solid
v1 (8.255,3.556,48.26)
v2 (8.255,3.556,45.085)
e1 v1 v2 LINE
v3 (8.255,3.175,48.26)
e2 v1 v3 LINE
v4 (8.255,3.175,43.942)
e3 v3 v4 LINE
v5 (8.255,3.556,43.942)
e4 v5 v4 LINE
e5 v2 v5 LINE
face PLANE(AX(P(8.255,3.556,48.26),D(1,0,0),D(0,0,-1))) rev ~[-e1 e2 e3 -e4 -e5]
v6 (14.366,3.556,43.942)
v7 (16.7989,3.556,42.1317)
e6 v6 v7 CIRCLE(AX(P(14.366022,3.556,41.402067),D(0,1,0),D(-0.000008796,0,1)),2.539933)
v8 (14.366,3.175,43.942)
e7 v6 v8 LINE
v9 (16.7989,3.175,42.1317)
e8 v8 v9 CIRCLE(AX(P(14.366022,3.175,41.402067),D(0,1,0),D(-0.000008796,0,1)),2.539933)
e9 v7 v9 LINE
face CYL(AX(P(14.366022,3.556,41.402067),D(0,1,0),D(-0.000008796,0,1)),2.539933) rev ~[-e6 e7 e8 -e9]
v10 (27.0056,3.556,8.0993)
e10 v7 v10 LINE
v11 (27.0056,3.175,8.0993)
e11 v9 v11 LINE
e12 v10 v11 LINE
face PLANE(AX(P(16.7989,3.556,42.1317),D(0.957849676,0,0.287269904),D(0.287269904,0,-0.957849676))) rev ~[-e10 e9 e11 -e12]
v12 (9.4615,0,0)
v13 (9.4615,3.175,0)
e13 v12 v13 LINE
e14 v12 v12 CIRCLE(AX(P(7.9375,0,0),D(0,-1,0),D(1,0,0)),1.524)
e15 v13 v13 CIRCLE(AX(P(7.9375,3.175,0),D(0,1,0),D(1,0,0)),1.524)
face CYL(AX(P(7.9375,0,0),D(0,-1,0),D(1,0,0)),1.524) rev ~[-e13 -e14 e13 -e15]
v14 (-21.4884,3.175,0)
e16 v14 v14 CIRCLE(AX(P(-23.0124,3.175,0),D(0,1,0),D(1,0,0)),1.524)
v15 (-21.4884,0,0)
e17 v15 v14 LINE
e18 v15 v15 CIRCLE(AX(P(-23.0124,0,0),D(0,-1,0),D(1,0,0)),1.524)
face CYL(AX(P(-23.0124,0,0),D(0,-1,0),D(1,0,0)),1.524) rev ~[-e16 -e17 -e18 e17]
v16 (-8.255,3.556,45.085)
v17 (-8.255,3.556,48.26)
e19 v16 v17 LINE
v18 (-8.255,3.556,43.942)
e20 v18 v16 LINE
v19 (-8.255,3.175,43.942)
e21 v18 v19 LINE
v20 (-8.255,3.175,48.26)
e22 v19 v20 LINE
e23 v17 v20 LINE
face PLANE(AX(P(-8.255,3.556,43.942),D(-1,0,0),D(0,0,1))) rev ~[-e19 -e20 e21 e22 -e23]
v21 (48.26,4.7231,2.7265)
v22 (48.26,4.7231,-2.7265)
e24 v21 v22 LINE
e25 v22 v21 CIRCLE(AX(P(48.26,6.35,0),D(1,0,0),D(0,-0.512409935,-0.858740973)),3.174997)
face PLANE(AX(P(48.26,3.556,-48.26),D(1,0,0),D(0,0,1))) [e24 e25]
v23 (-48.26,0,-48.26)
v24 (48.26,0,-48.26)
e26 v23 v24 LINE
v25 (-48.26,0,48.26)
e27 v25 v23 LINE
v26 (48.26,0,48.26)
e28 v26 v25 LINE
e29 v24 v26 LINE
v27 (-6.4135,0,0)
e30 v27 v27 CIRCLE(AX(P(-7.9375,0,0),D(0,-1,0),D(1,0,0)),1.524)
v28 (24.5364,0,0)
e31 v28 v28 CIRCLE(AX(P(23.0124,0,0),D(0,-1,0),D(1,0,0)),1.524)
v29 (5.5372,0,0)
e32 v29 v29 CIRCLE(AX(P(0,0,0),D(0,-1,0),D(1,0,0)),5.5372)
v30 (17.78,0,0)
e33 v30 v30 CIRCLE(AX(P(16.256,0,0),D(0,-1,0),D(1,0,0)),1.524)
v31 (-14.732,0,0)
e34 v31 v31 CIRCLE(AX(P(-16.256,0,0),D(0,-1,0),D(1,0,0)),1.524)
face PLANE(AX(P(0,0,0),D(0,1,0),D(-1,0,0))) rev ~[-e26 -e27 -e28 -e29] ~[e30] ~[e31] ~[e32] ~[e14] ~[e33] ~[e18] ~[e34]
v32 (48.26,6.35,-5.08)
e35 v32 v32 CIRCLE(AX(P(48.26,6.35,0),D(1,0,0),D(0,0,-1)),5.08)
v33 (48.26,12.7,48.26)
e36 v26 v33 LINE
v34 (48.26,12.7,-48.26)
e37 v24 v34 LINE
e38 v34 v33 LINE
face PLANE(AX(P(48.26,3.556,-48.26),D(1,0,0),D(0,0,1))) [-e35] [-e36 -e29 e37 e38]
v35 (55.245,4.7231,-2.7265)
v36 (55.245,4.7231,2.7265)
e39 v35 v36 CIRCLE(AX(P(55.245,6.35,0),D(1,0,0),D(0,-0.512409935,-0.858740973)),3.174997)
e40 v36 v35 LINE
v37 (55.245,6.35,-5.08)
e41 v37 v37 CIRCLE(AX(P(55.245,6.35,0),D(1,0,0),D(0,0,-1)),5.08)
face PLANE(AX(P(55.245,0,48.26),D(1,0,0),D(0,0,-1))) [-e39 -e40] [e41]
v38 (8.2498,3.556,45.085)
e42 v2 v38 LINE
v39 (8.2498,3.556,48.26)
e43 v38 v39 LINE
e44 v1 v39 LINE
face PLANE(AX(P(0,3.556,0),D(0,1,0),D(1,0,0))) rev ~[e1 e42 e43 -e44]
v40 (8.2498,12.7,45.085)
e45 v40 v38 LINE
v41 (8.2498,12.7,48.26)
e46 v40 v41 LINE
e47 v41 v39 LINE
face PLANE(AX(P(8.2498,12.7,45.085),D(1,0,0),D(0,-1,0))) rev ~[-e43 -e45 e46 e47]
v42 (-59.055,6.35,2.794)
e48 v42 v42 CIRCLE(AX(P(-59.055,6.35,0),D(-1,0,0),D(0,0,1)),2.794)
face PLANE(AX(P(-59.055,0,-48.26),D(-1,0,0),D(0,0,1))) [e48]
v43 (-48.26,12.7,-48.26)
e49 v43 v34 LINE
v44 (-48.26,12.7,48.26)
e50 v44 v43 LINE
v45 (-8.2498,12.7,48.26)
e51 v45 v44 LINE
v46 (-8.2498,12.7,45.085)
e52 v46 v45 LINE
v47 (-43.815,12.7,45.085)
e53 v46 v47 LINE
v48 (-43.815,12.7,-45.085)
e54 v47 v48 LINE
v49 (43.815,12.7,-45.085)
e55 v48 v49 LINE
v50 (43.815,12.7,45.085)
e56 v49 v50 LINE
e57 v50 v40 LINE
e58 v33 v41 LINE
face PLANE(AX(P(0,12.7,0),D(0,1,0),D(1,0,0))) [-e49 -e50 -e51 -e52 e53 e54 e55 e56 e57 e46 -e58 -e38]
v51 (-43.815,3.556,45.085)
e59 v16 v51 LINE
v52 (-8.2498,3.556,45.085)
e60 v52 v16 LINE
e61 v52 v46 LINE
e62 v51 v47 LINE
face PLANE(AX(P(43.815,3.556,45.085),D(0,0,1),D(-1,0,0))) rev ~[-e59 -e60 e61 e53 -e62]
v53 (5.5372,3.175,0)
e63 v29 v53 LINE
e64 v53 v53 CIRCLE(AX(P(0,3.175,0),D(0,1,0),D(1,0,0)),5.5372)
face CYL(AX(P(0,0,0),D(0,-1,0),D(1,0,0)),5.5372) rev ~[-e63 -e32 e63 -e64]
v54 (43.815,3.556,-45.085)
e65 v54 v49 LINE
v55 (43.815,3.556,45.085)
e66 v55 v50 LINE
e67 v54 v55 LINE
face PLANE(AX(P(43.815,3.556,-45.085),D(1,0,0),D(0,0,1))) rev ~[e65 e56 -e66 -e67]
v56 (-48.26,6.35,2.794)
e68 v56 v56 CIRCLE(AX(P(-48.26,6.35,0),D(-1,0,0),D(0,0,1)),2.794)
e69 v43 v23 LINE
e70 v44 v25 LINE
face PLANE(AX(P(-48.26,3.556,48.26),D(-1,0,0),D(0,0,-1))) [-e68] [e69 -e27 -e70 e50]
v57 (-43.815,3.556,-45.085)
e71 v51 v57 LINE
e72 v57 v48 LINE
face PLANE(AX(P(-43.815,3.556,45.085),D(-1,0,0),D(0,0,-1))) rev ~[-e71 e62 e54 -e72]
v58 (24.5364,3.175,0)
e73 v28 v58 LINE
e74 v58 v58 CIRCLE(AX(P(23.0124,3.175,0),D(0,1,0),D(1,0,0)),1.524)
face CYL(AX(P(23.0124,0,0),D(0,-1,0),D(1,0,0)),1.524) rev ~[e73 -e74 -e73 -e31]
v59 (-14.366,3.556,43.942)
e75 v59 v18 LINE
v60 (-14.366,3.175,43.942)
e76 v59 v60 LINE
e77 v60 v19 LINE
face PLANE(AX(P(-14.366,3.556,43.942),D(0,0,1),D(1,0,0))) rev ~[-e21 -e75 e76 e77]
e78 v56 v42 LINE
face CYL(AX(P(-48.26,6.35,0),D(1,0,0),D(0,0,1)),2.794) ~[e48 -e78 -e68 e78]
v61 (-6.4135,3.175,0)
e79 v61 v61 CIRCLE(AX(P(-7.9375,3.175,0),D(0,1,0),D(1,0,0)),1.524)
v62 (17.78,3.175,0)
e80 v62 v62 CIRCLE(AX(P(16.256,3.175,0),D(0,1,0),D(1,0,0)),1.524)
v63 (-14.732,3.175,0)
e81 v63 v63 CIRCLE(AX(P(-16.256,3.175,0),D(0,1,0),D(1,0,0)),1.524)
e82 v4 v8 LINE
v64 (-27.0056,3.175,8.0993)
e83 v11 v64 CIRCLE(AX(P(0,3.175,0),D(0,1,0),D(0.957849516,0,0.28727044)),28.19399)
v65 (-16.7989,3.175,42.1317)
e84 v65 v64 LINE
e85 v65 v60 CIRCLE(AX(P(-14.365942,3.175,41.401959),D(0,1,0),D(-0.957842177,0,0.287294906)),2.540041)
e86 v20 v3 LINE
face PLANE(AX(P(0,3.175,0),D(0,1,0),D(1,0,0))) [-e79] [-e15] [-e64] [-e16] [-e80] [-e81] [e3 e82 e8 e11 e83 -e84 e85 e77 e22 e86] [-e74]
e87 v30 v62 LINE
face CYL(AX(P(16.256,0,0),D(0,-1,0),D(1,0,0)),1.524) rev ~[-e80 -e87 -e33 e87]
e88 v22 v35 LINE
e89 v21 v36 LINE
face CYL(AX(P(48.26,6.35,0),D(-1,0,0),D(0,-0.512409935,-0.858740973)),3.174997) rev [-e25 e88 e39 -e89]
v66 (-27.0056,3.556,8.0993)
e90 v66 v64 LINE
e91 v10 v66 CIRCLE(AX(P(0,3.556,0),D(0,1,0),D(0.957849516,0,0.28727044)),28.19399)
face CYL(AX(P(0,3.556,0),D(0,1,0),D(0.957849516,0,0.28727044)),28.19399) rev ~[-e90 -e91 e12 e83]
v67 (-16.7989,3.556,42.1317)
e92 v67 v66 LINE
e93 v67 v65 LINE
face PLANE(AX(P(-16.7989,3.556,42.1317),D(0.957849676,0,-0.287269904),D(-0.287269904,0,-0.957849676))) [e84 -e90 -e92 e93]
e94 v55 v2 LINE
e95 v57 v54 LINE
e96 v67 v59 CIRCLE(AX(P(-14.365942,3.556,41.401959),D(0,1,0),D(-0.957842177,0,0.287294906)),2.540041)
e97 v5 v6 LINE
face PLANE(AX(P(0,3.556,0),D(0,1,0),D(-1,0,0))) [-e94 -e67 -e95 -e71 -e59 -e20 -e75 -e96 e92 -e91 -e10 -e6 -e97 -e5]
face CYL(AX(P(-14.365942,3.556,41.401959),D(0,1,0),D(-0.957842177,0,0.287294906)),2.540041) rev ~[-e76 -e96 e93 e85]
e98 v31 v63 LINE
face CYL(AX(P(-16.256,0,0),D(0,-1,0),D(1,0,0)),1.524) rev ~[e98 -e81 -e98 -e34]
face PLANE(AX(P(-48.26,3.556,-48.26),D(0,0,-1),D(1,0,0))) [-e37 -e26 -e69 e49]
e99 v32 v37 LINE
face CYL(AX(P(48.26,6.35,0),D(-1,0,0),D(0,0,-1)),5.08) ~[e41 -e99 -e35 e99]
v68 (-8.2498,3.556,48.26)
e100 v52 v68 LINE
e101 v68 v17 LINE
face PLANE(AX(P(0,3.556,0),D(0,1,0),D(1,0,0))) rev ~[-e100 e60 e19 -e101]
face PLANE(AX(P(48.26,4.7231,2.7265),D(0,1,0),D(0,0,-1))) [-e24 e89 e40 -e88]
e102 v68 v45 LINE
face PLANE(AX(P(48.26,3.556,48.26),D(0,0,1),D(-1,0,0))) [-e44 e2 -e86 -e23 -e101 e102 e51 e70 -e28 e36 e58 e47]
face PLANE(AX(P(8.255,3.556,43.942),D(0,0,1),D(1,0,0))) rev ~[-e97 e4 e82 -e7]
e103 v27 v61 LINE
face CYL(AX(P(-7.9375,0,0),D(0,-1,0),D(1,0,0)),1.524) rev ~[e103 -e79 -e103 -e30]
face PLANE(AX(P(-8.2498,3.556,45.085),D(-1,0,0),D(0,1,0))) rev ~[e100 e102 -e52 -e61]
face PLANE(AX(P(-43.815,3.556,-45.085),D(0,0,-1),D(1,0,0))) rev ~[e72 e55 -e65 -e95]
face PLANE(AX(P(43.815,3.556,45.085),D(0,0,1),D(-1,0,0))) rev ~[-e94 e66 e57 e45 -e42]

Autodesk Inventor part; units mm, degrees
ref_plane "YZ Plane" through (0, 0, 0) normal (1, 0, 0) x (0, 1, 0)
ref_plane "XZ Plane" through (0, 0, 0) normal (0, 1, 0) x (-1, 0, 0)
ref_plane "XY Plane" through (0, 0, 0) normal (0, 0, 1) x (1, 0, 0)
sketch "Sketch1" plane through (0, 0, 0) normal (0, 1, 0) x (-1, 0, 0)
  line L0 (0, 0) -> (0, 0) construction
  line L1 (-48.26, 48.26) -> (48.26, 48.26)
  line L2 (48.26, 48.26) -> (48.26, -48.26)
  line L3 (48.26, -48.26) -> (-48.26, -48.26)
  line L4 (-48.26, -48.26) -> (-48.26, 48.26)
  line L5 (-48.26, 48.26) -> (48.26, -48.26) construction
  line L6 (48.26, 48.26) -> (-48.26, -48.26) construction
  dimension "d15" = 0
  dimension "d16" = 96.52
extrude "Extrusion2" add sketch "Sketch1" along normal blind 3.556
sketch "Sketch7" plane through (0, 3.556, 0) normal (0, 1, 0) x (1, 0, 0)
  arc A0 (27.0056, -8.0993) -> (-27.0056, -8.0993) centre (0, 0) ccw
  line L0 (0, -43.942) -> (14.366, -43.942)
  line L1 (-14.366, -43.942) -> (0, -43.942)
  line L2 (0, 15.1299) -> (0, -95.843) construction
  line L3 (33.8234, 0) -> (-34.0336, 0) construction
  line L4 (16.256, 0) -> (16.256, -43.942) construction
  line L5 (16.7989, -42.1317) -> (27.0056, -8.0993)
  line L6 (-16.7989, -42.1317) -> (-27.0056, -8.0993)
  circle A1 centre (0, 0) radius 5.5372
  arc A2 (14.366, -43.942) -> (16.7989, -42.1317) centre (14.366, -41.402) ccw
  arc A3 (-16.7989, -42.1317) -> (-14.366, -43.942) centre (-14.366, -41.402) ccw
  circle A4 centre (7.9375, 0) radius 1.524
  line L7 (0, 0) -> (7.9375, 0) construction
  circle A5 centre (-7.9375, 0) radius 1.524
  line L8 (0, 0) -> (-7.9375, 0) construction
  circle A6 centre (16.256, 0) radius 1.524
  line L9 (0, 0) -> (16.256, 0) construction
  circle A7 centre (-16.256, 0) radius 1.524
  line L10 (0, 0) -> (-16.256, 0) construction
  circle A8 centre (23.0124, 0) radius 1.524
  line L11 (0, 0) -> (23.0124, 0) construction
  circle A9 centre (-23.0124, 0) radius 1.524
  line L12 (0, 0) -> (-23.0124, 0) construction
  line L13 (-48.26, -48.26) -> (48.26, -48.26) projected
  line L14 (8.255, -39.624) -> (-8.255, -39.624)
  line L15 (-8.255, -39.624) -> (-8.255, -48.26)
  line L16 (-8.255, -48.26) -> (8.255, -48.26)
  line L17 (8.255, -48.26) -> (8.255, -39.624)
  line L18 (8.255, -39.624) -> (-8.255, -48.26) construction
  line L19 (-8.255, -39.624) -> (8.255, -48.26) construction
  point P0 (-16.256, -43.942)
  dimension "d43" = 56.388
  dimension "d44" = 16.256
  dimension "d45" = 16.256
  dimension "d46" = 43.942
  dimension "d47" = 11.0744
  dimension "d48" = 2.54
  dimension "d49" = 3.048
  dimension "d50" = 7.9375
  dimension "d51" = 3.048
  dimension "d52" = 16.256
  dimension "d53" = 3.048
  dimension "d54" = 23.0124
  dimension "d77" = 16.51
extrude "Extrusion3" cut sketch "Sketch7" against normal blind 0.381
sketch "Sketch8" plane through (0, 0, 0) normal (0, -1, 0) x (1, 0, 0)
  arc A0 (27.0056, -8.0993) -> (-27.0056, -8.0993) centre (0, 0) ccw
  line L0 (0, -43.942) -> (14.366, -43.942)
  line L1 (-14.366, -43.942) -> (0, -43.942)
  line L2 (0, 15.1299) -> (0, -95.843) construction
  line L3 (33.8234, 0) -> (-34.0336, 0) construction
  line L4 (16.256, 0) -> (16.256, -43.942) construction
  line L5 (16.7989, -42.1317) -> (27.0056, -8.0993)
  line L6 (-16.7989, -42.1317) -> (-27.0056, -8.0993)
  circle A1 centre (0, 0) radius 5.5372
  arc A2 (14.366, -43.942) -> (16.7989, -42.1317) centre (14.366, -41.402) ccw
  arc A3 (-16.7989, -42.1317) -> (-14.366, -43.942) centre (-14.366, -41.402) ccw
  circle A4 centre (7.9375, 0) radius 1.524
  line L7 (0, 0) -> (7.9375, 0) construction
  circle A5 centre (-7.9375, 0) radius 1.524
  line L8 (0, 0) -> (-7.9375, 0) construction
  circle A6 centre (16.256, 0) radius 1.524
  line L9 (0, 0) -> (16.256, 0) construction
  circle A7 centre (-16.256, 0) radius 1.524
  line L10 (0, 0) -> (-16.256, 0) construction
  circle A8 centre (23.0124, 0) radius 1.524
  line L11 (0, 0) -> (23.0124, 0) construction
  circle A9 centre (-23.0124, 0) radius 1.524
  line L12 (0, 0) -> (-23.0124, 0) construction
  point P0 (-16.256, -43.942)
  dimension "d57" = 56.388
  dimension "d58" = 16.256
  dimension "d59" = 16.256
  dimension "d60" = 43.942
  dimension "d61" = 11.0744
  dimension "d62" = 2.54
  dimension "d63" = 3.048
  dimension "d64" = 7.9375
  dimension "d65" = 3.048
  dimension "d66" = 16.256
  dimension "d67" = 3.048
  dimension "d68" = 23.0124
extrude "Extrusion4" cut sketch "Sketch8" against normal blind 3.556 contours A1 | A4 | A5 | A6 | A7 | A8 | A9
sketch "Sketch9" plane through (0, 3.556, 0) normal (0, 1, 0) x (1, 0, 0)
  line L0 (43.815, -45.085) -> (-43.815, -45.085)
  line L1 (-43.815, -45.085) -> (-43.815, 45.085)
  line L2 (-43.815, 45.085) -> (43.815, 45.085)
  line L3 (43.815, 45.085) -> (43.815, -45.085)
  line L4 (43.815, -45.085) -> (-43.815, 45.085) construction
  line L5 (-43.815, -45.085) -> (43.815, 45.085) construction
  line L6 (48.26, -48.26) -> (-48.26, -48.26)
  line L7 (-48.26, -48.26) -> (-48.26, 48.26)
  line L8 (-48.26, 48.26) -> (48.26, 48.26)
  line L9 (48.26, 48.26) -> (48.26, -48.26)
  line L10 (48.26, -48.26) -> (-48.26, 48.26) construction
  line L11 (-48.26, -48.26) -> (48.26, 48.26) construction
  point P0 (0, 0)
  dimension "d71" = 90.17
  dimension "d72" = 87.63
extrude "Extrusion5" add sketch "Sketch9" along normal blind 9.144
sketch "Sketch10" plane through (43.815, 3.556, 45.085) normal (0, 0, -1) x (-1, 0, 0)
  line L0 (0, 9.144) -> (87.63, 9.144) projected
  line L1 (35.5652, 0) -> (52.0648, 0)
  line L2 (52.0648, 0) -> (52.0648, 9.144)
  line L3 (52.0648, 9.144) -> (35.5652, 9.144)
  line L4 (35.5652, 9.144) -> (35.5652, 0)
  line L5 (35.5652, 0) -> (52.0648, 9.144) construction
  line L6 (52.0648, 0) -> (35.5652, 9.144) construction
  line L7 (43.815, 4.572) -> (87.63, 4.572) construction
  line L8 (43.815, 4.572) -> (0, 4.572) construction
  line L9 (0, 0) -> (0, 9.144) construction
  point P0 (43.815, -3.556)
  dimension "d88" = 28.995
  dimension "d89" = 52.0648
extrude "Extrusion6" cut sketch "Sketch10" against normal up to next
sketch "Sketch14" plane through (-48.26, 0, -48.26) normal (-1, 0, 0) x (0, 0, 1)
  circle A0 centre (48.26, 6.35) radius 2.794
  line L0 (48.26, 6.35) -> (96.52, 6.35) construction
  line L1 (48.26, 6.35) -> (0, 6.35) construction
  line L2 (0, 0) -> (0, 12.7) construction
  point P0 (48.26, 0)
  dimension "d78" = 5.588
  dimension "d90" = 96.52
extrude "Extrusion7" add sketch "Sketch14" along normal blind 10.795
sketch "Sketch15" plane through (48.26, 0, 48.26) normal (1, 0, 0) x (0, 0, -1)
  arc A0 (50.9865, 4.7231) -> (45.5335, 4.7231) centre (48.26, 6.35) ccw
  circle A1 centre (48.26, 6.35) radius 5.08
  line L0 (45.5335, 4.7231) -> (50.9865, 4.7231)
  line L1 (48.26, 6.35) -> (0, 6.35) construction
  line L2 (0, 0) -> (0, 12.7) construction
  line L3 (48.26, 6.35) -> (96.52, 6.35) construction
  line L4 (96.52, 0) -> (96.52, 12.7) construction
  dimension "d81" = 6.35
  dimension "d82" = 10.16
  dimension "d91" = 1.6269
extrude "Extrusion9" add sketch "Sketch15" along normal blind 6.985
properties part number "joystick_inner1"
